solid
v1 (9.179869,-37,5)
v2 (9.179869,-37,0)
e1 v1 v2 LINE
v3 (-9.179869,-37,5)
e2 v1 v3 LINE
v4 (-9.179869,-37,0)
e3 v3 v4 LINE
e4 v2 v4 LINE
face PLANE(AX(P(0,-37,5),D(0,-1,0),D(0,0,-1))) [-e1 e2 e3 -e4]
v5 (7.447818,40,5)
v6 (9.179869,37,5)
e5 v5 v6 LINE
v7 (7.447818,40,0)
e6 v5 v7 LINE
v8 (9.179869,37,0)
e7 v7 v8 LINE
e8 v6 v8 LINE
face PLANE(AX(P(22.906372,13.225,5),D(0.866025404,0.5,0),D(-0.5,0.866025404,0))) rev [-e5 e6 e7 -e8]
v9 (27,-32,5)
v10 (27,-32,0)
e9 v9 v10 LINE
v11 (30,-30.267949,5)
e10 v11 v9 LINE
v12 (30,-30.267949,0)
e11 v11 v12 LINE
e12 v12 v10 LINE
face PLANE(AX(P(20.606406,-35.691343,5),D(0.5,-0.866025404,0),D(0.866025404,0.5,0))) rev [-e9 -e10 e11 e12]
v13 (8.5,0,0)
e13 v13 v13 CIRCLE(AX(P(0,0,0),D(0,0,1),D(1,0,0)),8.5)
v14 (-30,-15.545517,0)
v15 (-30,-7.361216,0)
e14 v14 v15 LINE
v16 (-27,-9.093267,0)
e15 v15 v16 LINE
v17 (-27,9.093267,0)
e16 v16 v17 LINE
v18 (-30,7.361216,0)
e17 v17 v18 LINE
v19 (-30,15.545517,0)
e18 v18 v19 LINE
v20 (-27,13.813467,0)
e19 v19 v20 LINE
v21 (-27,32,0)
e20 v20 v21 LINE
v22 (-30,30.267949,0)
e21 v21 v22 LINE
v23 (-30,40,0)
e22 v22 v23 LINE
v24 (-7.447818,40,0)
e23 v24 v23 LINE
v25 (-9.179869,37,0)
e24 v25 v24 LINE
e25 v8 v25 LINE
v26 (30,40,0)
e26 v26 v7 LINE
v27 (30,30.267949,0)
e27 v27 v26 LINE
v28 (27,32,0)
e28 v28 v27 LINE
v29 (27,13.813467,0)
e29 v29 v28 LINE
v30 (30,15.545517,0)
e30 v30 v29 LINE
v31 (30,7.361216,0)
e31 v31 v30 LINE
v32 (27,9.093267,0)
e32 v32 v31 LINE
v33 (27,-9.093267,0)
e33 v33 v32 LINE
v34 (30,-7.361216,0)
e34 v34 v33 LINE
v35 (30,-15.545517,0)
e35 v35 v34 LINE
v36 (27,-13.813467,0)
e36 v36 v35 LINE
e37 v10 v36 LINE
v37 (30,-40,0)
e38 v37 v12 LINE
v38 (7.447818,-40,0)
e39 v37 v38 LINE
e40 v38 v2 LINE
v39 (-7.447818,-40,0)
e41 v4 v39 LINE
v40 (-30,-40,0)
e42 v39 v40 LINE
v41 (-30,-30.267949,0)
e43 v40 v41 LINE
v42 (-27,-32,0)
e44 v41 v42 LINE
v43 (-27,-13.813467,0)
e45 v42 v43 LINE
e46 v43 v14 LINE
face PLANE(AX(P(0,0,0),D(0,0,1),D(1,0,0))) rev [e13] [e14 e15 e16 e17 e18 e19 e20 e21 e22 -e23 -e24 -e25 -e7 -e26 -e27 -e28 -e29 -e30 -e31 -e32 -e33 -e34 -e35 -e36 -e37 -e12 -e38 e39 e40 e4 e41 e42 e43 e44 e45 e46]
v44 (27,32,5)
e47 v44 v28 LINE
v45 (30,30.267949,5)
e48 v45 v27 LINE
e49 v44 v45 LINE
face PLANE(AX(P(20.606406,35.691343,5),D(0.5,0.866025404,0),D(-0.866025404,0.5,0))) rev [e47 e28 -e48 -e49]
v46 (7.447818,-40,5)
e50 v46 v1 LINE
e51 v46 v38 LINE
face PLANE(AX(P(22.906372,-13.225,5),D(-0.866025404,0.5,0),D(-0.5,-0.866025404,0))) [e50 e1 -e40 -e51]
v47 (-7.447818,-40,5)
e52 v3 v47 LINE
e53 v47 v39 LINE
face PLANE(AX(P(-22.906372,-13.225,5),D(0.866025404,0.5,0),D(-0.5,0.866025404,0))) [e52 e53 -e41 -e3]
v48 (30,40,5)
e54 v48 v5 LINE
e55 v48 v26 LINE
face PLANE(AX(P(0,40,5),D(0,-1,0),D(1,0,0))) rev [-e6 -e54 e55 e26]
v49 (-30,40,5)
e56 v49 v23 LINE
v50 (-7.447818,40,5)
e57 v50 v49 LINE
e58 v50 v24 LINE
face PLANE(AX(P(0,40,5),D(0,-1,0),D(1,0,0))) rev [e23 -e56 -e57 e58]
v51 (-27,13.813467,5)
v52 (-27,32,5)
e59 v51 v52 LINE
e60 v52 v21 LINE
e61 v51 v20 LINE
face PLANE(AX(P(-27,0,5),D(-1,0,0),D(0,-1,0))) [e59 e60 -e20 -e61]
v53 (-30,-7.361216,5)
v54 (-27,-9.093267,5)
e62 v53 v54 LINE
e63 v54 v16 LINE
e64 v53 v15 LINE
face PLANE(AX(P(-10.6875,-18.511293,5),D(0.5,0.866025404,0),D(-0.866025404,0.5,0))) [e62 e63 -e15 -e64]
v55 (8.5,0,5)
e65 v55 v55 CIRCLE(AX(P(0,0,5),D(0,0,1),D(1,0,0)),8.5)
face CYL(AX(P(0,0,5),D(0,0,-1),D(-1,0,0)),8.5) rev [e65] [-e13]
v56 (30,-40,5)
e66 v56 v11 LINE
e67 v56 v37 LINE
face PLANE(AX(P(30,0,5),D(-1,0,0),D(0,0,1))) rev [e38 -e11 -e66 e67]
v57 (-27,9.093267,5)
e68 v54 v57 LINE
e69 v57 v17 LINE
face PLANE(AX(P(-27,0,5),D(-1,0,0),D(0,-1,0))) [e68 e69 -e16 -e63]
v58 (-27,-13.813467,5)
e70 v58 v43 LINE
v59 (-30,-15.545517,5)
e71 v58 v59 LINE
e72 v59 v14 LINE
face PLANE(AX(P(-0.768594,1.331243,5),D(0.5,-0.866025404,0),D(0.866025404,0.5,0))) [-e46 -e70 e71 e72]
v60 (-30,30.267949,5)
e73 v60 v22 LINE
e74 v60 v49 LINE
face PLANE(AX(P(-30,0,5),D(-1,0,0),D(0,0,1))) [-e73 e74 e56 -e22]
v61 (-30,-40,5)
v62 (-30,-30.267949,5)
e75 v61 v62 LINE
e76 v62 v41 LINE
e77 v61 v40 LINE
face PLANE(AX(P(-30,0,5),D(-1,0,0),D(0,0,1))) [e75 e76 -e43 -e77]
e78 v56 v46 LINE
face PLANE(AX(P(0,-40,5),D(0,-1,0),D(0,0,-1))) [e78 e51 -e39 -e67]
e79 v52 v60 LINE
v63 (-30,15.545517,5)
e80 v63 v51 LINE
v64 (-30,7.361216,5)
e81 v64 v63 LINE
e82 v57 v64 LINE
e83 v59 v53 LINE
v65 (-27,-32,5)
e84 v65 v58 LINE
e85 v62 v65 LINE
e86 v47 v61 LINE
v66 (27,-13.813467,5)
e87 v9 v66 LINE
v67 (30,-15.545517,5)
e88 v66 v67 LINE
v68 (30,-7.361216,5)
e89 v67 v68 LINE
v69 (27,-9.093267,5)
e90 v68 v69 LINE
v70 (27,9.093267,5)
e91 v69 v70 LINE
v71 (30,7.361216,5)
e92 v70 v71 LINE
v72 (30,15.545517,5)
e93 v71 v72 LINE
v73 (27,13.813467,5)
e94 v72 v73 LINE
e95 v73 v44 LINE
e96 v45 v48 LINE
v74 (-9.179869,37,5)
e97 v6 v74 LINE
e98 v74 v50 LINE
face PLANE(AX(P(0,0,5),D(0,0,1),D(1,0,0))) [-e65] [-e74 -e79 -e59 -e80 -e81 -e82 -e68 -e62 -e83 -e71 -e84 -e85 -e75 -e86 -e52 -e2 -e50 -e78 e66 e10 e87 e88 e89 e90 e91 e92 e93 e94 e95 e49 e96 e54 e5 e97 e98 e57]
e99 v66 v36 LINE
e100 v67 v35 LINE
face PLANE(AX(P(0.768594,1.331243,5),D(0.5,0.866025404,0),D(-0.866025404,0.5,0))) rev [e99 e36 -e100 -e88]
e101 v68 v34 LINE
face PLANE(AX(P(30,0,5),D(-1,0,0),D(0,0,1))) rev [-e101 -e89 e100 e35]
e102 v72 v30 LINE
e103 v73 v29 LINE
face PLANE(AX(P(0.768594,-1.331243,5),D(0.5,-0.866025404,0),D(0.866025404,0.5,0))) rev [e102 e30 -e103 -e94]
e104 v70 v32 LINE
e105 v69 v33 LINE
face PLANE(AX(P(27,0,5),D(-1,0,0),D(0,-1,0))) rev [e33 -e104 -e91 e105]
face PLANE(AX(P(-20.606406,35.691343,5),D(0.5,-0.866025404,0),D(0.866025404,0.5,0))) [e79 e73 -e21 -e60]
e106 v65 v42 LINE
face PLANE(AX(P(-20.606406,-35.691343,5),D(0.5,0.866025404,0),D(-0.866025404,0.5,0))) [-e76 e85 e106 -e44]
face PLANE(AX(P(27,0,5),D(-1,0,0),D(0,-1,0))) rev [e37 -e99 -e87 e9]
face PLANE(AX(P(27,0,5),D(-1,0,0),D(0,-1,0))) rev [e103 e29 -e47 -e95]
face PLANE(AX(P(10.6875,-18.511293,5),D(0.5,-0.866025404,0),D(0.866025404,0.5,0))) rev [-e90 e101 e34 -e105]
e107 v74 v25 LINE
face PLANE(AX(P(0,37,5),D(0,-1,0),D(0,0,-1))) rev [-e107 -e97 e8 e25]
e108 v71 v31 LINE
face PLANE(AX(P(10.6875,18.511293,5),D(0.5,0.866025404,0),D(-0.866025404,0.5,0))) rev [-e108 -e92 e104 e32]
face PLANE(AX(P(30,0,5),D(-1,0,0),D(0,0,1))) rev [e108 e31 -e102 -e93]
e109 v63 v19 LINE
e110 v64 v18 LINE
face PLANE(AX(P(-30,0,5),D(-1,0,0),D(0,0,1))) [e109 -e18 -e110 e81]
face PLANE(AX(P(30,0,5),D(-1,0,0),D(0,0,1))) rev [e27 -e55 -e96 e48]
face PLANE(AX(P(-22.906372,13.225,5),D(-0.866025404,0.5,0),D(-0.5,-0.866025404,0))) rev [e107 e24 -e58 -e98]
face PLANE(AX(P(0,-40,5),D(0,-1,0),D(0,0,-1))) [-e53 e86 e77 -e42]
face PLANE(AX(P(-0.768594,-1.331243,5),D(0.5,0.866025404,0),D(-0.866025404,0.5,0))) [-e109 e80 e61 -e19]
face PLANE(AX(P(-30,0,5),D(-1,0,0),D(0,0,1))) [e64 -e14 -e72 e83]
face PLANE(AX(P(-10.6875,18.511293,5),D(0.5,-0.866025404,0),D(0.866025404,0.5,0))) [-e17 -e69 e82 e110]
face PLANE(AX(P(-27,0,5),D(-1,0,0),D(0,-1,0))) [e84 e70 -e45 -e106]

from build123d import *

# Parameters (mm, degrees)
SKETCH4_R           = 8.5
BOSS_EXTRUDE1_DEPTH = 5


with BuildPart() as part:
    # Sketch4 → Boss-Extrude1 (new body)
    with BuildSketch(Plane(origin=(0, 0, 0), x_dir=(0, 1, 0), z_dir=(0, 0, 1))):
        Polygon((-40, -30), (-30.267949192, -30), (-32, -27), (-22.90673326, -27), (-13.813466521, -27), (-15.545517328, -30), (-7.361215932, -30), (-9.09326674, -27), (3.1e-08, -27), (9.09326674, -27), (7.361215932, -30), (15.545517328, -30), (13.813466521, -27), (22.90673326, -27), (32, -27), (30.267949192, -30), (40, -30), (40, -7.447818473), (37, -9.17986928), (37, -5.1e-08), (37, 9.17986928), (40, 7.447818473), (40, 30), (30.267949192, 30), (32, 27), (22.90673326, 27), (13.813466521, 27), (15.545517328, 30), (7.361215932, 30), (9.09326674, 27), (0, 27), (-9.09326674, 27), (-7.361215932, 30), (-15.545517328, 30), (-13.813466521, 27), (-22.90673326, 27), (-32, 27), (-30.267949192, 30), (-40, 30), (-40, 7.447818473), (-37, 9.17986928), (-37, 0), (-37, -9.17986928), (-40, -7.447818473), align=None)
        with Locations(Location((0, 0, 0), (0, 0, 270))):
            Circle(SKETCH4_R, mode=Mode.SUBTRACT)
    extrude(amount=BOSS_EXTRUDE1_DEPTH)


solid = part.part
